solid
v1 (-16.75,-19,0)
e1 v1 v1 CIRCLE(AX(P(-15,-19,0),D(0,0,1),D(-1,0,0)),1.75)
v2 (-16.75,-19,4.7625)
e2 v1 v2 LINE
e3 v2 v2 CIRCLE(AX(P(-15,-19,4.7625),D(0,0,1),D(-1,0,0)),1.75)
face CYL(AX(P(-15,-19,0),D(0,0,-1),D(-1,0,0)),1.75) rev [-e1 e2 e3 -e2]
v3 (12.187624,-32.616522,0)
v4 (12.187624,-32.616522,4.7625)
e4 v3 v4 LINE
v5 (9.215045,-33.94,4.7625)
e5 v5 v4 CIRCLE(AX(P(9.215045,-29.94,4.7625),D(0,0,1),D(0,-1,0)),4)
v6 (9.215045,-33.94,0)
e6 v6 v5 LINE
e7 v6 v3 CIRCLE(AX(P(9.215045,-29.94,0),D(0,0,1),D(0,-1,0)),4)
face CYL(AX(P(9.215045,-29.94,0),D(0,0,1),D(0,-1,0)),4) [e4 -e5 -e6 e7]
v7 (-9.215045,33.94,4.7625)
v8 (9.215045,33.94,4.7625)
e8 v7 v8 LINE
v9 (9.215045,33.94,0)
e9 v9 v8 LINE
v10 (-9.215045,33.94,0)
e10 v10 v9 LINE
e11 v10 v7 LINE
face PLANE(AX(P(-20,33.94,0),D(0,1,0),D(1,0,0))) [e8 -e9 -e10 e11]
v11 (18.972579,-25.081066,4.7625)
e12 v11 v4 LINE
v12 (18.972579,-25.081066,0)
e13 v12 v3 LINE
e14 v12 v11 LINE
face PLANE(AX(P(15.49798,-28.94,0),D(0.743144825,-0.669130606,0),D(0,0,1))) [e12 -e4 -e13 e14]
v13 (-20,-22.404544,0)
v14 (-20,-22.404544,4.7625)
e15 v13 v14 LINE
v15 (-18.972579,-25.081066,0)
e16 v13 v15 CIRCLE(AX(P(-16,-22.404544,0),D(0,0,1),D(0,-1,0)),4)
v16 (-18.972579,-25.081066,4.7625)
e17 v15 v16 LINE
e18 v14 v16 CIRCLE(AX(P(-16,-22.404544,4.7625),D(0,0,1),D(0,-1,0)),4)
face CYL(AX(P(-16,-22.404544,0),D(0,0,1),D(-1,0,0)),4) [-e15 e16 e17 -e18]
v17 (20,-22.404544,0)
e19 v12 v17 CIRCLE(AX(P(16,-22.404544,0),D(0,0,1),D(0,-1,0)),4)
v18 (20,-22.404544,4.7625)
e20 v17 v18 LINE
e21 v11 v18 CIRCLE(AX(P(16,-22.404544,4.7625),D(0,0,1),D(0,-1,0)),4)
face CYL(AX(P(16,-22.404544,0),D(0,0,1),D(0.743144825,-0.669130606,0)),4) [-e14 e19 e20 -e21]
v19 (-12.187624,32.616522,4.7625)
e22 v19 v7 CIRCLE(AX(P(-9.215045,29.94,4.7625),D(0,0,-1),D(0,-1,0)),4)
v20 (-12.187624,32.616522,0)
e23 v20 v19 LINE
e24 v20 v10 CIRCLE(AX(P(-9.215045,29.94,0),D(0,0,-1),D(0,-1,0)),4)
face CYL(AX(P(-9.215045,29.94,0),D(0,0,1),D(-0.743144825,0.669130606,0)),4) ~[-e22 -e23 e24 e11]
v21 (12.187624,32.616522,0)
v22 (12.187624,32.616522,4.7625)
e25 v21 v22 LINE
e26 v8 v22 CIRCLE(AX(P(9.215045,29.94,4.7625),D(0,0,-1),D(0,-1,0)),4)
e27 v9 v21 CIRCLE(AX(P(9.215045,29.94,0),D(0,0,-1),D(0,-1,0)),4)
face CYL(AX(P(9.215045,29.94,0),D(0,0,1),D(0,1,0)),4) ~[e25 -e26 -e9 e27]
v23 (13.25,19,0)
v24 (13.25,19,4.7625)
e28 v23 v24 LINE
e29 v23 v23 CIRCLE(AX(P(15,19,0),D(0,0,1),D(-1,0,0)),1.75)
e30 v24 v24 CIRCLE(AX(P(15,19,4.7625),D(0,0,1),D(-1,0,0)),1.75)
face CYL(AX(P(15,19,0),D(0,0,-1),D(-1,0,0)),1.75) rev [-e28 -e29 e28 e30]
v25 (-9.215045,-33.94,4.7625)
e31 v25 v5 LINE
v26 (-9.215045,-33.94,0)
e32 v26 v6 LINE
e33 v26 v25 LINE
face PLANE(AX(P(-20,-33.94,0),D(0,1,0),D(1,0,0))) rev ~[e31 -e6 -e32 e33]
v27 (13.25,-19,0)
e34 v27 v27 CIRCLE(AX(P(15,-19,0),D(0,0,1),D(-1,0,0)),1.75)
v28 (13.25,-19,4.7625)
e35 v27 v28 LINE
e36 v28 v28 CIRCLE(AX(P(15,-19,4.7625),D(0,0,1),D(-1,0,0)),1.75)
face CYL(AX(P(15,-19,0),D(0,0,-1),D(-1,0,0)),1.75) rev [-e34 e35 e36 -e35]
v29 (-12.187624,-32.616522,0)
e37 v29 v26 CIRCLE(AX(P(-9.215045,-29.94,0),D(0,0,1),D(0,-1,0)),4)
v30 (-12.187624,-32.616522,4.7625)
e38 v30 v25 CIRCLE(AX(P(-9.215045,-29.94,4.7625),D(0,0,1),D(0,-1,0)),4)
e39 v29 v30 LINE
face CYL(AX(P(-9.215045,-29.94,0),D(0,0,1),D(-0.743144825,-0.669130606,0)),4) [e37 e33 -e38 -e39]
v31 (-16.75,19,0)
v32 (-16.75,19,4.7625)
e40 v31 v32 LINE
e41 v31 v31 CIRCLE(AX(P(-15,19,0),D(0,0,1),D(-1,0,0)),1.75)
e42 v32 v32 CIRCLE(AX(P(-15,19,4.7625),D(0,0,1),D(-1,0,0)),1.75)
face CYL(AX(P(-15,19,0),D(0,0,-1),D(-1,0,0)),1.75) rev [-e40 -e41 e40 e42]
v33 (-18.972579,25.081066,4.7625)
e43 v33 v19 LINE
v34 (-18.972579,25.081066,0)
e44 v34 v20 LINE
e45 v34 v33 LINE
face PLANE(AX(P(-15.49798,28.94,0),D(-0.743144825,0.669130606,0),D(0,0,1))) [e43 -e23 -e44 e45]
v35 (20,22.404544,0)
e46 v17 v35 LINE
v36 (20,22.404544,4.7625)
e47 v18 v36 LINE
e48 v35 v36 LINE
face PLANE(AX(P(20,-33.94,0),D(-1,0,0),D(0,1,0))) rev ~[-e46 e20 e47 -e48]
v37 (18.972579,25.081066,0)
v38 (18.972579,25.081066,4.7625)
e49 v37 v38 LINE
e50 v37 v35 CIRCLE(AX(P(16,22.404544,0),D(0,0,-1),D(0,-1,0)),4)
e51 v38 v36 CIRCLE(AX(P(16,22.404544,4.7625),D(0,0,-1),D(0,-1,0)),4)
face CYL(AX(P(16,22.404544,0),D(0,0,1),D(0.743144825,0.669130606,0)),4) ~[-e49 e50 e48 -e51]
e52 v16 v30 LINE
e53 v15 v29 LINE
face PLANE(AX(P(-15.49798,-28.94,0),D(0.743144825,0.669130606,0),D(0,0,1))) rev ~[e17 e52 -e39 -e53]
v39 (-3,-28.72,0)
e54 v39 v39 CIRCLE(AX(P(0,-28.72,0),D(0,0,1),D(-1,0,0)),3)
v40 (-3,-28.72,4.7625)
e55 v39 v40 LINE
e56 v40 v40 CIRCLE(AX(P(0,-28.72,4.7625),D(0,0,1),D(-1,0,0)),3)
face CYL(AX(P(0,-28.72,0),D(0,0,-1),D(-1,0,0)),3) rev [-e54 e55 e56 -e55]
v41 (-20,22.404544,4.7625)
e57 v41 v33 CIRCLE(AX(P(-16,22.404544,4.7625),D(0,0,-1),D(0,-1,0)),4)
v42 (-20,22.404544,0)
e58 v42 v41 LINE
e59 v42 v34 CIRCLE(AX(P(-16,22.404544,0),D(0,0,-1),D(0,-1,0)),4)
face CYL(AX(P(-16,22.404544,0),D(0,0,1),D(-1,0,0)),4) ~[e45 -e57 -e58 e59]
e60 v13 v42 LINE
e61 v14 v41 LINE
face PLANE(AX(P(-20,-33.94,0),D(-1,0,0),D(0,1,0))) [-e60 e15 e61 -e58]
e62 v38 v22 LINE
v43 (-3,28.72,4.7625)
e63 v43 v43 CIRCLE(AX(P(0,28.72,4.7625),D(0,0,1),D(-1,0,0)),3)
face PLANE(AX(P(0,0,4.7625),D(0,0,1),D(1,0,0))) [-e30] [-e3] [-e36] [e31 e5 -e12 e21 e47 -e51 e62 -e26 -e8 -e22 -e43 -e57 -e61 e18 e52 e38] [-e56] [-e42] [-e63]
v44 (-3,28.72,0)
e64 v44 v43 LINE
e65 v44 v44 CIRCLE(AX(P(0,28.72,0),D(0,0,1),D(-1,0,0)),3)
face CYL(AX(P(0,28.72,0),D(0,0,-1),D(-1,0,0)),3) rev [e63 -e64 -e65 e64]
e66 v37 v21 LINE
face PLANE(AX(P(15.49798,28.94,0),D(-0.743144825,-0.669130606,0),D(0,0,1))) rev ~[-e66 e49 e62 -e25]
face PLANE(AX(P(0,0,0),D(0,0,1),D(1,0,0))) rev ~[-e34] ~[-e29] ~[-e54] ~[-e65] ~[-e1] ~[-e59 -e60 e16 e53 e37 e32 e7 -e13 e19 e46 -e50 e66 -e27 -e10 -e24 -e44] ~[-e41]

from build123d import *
from OCP.BRepFilletAPI import BRepFilletAPI_MakeChamfer

# Parameters (mm, degrees)
SKETCH1_W           = 40
SKETCH1_H           = 67.88
SKETCH1_R           = 3
SKETCH1_R_2         = 1.75
BOSS_EXTRUDE1_DEPTH = 4.7625
CHAMFER1_SIZE       = 10
CHAMFER1_SIZE2      = 9.004040443
FILLET1_R           = 4


with BuildPart() as part:
    # Sketch1 → Boss-Extrude1 (new body)
    with BuildSketch(Plane.XY):
        Rectangle(SKETCH1_W, SKETCH1_H)
        with Locations(Location((4.07e-07, 28.72, 0), (0, 0, 180))):
            Circle(SKETCH1_R, mode=Mode.SUBTRACT)
        with Locations(Location((-4.07e-07, -28.72, 0), (0, 0, 180))):
            Circle(SKETCH1_R, mode=Mode.SUBTRACT)
        with Locations(Location((-14.999999995, 19, 0), (0, 0, 180))):
            Circle(SKETCH1_R_2, mode=Mode.SUBTRACT)
        with Locations(Location((-14.999999995, -19, 0), (0, 0, 180))):
            Circle(SKETCH1_R_2, mode=Mode.SUBTRACT)
        with Locations(Location((15.000000005, 19, 0), (0, 0, 180))):
            Circle(SKETCH1_R_2, mode=Mode.SUBTRACT)
        with Locations(Location((15.000000005, -19, 0), (0, 0, 180))):
            Circle(SKETCH1_R_2, mode=Mode.SUBTRACT)
    extrude(amount=BOSS_EXTRUDE1_DEPTH)

    # Chamfer1: one chamfer whose edges measure the first distance from different faces: ONE call of the kernel's chamfer builder (chamfer() names one face for all edges)
    chamfer1_edges_1 = [part.edges().sort_by_distance(p)[0] for p in [
        (20, -33.94, 2.38125),
        (20, 33.94, 2.38125),
    ]]
    chamfer1_side_1 = [part.faces().sort_by_distance(p)[0] for p in [
        (20, 0, 2.38125),
    ]]
    chamfer1_edges_2 = [part.edges().sort_by_distance(p)[0] for p in [
        (-20, -33.94, 2.38125),
        (-20, 33.94, 2.38125),
    ]]
    chamfer1_side_2 = [part.faces().sort_by_distance(p)[0] for p in [
        (-20, 0, 2.38125),
    ]]
    chamfer1 = BRepFilletAPI_MakeChamfer(part.part.solid().wrapped)
    for e in chamfer1_edges_1:
        chamfer1.Add(CHAMFER1_SIZE, CHAMFER1_SIZE2, e.wrapped, chamfer1_side_1[0].wrapped)  # the first distance lies on this face
    for e in chamfer1_edges_2:
        chamfer1.Add(CHAMFER1_SIZE, CHAMFER1_SIZE2, e.wrapped, chamfer1_side_2[0].wrapped)  # the first distance lies on this face
    add(Compound.cast(chamfer1.Shape()), mode=Mode.REPLACE)

    # Fillet1
    fillet1_edges = [part.edges().sort_by_distance(p)[0] for p in [
        (-20, -23.94, 2.38125),
        (-20, 23.94, 2.38125),
        (10.995959557, 33.94, 2.38125),
        (-10.995959557, 33.94, 2.38125),
        (10.995959557, -33.94, 2.38125),
        (-10.995959557, -33.94, 2.38125),
        (20, -23.94, 2.38125),
        (20, 23.94, 2.38125),
    ]]
    fillet(fillet1_edges, radius=FILLET1_R)


solid = part.part
